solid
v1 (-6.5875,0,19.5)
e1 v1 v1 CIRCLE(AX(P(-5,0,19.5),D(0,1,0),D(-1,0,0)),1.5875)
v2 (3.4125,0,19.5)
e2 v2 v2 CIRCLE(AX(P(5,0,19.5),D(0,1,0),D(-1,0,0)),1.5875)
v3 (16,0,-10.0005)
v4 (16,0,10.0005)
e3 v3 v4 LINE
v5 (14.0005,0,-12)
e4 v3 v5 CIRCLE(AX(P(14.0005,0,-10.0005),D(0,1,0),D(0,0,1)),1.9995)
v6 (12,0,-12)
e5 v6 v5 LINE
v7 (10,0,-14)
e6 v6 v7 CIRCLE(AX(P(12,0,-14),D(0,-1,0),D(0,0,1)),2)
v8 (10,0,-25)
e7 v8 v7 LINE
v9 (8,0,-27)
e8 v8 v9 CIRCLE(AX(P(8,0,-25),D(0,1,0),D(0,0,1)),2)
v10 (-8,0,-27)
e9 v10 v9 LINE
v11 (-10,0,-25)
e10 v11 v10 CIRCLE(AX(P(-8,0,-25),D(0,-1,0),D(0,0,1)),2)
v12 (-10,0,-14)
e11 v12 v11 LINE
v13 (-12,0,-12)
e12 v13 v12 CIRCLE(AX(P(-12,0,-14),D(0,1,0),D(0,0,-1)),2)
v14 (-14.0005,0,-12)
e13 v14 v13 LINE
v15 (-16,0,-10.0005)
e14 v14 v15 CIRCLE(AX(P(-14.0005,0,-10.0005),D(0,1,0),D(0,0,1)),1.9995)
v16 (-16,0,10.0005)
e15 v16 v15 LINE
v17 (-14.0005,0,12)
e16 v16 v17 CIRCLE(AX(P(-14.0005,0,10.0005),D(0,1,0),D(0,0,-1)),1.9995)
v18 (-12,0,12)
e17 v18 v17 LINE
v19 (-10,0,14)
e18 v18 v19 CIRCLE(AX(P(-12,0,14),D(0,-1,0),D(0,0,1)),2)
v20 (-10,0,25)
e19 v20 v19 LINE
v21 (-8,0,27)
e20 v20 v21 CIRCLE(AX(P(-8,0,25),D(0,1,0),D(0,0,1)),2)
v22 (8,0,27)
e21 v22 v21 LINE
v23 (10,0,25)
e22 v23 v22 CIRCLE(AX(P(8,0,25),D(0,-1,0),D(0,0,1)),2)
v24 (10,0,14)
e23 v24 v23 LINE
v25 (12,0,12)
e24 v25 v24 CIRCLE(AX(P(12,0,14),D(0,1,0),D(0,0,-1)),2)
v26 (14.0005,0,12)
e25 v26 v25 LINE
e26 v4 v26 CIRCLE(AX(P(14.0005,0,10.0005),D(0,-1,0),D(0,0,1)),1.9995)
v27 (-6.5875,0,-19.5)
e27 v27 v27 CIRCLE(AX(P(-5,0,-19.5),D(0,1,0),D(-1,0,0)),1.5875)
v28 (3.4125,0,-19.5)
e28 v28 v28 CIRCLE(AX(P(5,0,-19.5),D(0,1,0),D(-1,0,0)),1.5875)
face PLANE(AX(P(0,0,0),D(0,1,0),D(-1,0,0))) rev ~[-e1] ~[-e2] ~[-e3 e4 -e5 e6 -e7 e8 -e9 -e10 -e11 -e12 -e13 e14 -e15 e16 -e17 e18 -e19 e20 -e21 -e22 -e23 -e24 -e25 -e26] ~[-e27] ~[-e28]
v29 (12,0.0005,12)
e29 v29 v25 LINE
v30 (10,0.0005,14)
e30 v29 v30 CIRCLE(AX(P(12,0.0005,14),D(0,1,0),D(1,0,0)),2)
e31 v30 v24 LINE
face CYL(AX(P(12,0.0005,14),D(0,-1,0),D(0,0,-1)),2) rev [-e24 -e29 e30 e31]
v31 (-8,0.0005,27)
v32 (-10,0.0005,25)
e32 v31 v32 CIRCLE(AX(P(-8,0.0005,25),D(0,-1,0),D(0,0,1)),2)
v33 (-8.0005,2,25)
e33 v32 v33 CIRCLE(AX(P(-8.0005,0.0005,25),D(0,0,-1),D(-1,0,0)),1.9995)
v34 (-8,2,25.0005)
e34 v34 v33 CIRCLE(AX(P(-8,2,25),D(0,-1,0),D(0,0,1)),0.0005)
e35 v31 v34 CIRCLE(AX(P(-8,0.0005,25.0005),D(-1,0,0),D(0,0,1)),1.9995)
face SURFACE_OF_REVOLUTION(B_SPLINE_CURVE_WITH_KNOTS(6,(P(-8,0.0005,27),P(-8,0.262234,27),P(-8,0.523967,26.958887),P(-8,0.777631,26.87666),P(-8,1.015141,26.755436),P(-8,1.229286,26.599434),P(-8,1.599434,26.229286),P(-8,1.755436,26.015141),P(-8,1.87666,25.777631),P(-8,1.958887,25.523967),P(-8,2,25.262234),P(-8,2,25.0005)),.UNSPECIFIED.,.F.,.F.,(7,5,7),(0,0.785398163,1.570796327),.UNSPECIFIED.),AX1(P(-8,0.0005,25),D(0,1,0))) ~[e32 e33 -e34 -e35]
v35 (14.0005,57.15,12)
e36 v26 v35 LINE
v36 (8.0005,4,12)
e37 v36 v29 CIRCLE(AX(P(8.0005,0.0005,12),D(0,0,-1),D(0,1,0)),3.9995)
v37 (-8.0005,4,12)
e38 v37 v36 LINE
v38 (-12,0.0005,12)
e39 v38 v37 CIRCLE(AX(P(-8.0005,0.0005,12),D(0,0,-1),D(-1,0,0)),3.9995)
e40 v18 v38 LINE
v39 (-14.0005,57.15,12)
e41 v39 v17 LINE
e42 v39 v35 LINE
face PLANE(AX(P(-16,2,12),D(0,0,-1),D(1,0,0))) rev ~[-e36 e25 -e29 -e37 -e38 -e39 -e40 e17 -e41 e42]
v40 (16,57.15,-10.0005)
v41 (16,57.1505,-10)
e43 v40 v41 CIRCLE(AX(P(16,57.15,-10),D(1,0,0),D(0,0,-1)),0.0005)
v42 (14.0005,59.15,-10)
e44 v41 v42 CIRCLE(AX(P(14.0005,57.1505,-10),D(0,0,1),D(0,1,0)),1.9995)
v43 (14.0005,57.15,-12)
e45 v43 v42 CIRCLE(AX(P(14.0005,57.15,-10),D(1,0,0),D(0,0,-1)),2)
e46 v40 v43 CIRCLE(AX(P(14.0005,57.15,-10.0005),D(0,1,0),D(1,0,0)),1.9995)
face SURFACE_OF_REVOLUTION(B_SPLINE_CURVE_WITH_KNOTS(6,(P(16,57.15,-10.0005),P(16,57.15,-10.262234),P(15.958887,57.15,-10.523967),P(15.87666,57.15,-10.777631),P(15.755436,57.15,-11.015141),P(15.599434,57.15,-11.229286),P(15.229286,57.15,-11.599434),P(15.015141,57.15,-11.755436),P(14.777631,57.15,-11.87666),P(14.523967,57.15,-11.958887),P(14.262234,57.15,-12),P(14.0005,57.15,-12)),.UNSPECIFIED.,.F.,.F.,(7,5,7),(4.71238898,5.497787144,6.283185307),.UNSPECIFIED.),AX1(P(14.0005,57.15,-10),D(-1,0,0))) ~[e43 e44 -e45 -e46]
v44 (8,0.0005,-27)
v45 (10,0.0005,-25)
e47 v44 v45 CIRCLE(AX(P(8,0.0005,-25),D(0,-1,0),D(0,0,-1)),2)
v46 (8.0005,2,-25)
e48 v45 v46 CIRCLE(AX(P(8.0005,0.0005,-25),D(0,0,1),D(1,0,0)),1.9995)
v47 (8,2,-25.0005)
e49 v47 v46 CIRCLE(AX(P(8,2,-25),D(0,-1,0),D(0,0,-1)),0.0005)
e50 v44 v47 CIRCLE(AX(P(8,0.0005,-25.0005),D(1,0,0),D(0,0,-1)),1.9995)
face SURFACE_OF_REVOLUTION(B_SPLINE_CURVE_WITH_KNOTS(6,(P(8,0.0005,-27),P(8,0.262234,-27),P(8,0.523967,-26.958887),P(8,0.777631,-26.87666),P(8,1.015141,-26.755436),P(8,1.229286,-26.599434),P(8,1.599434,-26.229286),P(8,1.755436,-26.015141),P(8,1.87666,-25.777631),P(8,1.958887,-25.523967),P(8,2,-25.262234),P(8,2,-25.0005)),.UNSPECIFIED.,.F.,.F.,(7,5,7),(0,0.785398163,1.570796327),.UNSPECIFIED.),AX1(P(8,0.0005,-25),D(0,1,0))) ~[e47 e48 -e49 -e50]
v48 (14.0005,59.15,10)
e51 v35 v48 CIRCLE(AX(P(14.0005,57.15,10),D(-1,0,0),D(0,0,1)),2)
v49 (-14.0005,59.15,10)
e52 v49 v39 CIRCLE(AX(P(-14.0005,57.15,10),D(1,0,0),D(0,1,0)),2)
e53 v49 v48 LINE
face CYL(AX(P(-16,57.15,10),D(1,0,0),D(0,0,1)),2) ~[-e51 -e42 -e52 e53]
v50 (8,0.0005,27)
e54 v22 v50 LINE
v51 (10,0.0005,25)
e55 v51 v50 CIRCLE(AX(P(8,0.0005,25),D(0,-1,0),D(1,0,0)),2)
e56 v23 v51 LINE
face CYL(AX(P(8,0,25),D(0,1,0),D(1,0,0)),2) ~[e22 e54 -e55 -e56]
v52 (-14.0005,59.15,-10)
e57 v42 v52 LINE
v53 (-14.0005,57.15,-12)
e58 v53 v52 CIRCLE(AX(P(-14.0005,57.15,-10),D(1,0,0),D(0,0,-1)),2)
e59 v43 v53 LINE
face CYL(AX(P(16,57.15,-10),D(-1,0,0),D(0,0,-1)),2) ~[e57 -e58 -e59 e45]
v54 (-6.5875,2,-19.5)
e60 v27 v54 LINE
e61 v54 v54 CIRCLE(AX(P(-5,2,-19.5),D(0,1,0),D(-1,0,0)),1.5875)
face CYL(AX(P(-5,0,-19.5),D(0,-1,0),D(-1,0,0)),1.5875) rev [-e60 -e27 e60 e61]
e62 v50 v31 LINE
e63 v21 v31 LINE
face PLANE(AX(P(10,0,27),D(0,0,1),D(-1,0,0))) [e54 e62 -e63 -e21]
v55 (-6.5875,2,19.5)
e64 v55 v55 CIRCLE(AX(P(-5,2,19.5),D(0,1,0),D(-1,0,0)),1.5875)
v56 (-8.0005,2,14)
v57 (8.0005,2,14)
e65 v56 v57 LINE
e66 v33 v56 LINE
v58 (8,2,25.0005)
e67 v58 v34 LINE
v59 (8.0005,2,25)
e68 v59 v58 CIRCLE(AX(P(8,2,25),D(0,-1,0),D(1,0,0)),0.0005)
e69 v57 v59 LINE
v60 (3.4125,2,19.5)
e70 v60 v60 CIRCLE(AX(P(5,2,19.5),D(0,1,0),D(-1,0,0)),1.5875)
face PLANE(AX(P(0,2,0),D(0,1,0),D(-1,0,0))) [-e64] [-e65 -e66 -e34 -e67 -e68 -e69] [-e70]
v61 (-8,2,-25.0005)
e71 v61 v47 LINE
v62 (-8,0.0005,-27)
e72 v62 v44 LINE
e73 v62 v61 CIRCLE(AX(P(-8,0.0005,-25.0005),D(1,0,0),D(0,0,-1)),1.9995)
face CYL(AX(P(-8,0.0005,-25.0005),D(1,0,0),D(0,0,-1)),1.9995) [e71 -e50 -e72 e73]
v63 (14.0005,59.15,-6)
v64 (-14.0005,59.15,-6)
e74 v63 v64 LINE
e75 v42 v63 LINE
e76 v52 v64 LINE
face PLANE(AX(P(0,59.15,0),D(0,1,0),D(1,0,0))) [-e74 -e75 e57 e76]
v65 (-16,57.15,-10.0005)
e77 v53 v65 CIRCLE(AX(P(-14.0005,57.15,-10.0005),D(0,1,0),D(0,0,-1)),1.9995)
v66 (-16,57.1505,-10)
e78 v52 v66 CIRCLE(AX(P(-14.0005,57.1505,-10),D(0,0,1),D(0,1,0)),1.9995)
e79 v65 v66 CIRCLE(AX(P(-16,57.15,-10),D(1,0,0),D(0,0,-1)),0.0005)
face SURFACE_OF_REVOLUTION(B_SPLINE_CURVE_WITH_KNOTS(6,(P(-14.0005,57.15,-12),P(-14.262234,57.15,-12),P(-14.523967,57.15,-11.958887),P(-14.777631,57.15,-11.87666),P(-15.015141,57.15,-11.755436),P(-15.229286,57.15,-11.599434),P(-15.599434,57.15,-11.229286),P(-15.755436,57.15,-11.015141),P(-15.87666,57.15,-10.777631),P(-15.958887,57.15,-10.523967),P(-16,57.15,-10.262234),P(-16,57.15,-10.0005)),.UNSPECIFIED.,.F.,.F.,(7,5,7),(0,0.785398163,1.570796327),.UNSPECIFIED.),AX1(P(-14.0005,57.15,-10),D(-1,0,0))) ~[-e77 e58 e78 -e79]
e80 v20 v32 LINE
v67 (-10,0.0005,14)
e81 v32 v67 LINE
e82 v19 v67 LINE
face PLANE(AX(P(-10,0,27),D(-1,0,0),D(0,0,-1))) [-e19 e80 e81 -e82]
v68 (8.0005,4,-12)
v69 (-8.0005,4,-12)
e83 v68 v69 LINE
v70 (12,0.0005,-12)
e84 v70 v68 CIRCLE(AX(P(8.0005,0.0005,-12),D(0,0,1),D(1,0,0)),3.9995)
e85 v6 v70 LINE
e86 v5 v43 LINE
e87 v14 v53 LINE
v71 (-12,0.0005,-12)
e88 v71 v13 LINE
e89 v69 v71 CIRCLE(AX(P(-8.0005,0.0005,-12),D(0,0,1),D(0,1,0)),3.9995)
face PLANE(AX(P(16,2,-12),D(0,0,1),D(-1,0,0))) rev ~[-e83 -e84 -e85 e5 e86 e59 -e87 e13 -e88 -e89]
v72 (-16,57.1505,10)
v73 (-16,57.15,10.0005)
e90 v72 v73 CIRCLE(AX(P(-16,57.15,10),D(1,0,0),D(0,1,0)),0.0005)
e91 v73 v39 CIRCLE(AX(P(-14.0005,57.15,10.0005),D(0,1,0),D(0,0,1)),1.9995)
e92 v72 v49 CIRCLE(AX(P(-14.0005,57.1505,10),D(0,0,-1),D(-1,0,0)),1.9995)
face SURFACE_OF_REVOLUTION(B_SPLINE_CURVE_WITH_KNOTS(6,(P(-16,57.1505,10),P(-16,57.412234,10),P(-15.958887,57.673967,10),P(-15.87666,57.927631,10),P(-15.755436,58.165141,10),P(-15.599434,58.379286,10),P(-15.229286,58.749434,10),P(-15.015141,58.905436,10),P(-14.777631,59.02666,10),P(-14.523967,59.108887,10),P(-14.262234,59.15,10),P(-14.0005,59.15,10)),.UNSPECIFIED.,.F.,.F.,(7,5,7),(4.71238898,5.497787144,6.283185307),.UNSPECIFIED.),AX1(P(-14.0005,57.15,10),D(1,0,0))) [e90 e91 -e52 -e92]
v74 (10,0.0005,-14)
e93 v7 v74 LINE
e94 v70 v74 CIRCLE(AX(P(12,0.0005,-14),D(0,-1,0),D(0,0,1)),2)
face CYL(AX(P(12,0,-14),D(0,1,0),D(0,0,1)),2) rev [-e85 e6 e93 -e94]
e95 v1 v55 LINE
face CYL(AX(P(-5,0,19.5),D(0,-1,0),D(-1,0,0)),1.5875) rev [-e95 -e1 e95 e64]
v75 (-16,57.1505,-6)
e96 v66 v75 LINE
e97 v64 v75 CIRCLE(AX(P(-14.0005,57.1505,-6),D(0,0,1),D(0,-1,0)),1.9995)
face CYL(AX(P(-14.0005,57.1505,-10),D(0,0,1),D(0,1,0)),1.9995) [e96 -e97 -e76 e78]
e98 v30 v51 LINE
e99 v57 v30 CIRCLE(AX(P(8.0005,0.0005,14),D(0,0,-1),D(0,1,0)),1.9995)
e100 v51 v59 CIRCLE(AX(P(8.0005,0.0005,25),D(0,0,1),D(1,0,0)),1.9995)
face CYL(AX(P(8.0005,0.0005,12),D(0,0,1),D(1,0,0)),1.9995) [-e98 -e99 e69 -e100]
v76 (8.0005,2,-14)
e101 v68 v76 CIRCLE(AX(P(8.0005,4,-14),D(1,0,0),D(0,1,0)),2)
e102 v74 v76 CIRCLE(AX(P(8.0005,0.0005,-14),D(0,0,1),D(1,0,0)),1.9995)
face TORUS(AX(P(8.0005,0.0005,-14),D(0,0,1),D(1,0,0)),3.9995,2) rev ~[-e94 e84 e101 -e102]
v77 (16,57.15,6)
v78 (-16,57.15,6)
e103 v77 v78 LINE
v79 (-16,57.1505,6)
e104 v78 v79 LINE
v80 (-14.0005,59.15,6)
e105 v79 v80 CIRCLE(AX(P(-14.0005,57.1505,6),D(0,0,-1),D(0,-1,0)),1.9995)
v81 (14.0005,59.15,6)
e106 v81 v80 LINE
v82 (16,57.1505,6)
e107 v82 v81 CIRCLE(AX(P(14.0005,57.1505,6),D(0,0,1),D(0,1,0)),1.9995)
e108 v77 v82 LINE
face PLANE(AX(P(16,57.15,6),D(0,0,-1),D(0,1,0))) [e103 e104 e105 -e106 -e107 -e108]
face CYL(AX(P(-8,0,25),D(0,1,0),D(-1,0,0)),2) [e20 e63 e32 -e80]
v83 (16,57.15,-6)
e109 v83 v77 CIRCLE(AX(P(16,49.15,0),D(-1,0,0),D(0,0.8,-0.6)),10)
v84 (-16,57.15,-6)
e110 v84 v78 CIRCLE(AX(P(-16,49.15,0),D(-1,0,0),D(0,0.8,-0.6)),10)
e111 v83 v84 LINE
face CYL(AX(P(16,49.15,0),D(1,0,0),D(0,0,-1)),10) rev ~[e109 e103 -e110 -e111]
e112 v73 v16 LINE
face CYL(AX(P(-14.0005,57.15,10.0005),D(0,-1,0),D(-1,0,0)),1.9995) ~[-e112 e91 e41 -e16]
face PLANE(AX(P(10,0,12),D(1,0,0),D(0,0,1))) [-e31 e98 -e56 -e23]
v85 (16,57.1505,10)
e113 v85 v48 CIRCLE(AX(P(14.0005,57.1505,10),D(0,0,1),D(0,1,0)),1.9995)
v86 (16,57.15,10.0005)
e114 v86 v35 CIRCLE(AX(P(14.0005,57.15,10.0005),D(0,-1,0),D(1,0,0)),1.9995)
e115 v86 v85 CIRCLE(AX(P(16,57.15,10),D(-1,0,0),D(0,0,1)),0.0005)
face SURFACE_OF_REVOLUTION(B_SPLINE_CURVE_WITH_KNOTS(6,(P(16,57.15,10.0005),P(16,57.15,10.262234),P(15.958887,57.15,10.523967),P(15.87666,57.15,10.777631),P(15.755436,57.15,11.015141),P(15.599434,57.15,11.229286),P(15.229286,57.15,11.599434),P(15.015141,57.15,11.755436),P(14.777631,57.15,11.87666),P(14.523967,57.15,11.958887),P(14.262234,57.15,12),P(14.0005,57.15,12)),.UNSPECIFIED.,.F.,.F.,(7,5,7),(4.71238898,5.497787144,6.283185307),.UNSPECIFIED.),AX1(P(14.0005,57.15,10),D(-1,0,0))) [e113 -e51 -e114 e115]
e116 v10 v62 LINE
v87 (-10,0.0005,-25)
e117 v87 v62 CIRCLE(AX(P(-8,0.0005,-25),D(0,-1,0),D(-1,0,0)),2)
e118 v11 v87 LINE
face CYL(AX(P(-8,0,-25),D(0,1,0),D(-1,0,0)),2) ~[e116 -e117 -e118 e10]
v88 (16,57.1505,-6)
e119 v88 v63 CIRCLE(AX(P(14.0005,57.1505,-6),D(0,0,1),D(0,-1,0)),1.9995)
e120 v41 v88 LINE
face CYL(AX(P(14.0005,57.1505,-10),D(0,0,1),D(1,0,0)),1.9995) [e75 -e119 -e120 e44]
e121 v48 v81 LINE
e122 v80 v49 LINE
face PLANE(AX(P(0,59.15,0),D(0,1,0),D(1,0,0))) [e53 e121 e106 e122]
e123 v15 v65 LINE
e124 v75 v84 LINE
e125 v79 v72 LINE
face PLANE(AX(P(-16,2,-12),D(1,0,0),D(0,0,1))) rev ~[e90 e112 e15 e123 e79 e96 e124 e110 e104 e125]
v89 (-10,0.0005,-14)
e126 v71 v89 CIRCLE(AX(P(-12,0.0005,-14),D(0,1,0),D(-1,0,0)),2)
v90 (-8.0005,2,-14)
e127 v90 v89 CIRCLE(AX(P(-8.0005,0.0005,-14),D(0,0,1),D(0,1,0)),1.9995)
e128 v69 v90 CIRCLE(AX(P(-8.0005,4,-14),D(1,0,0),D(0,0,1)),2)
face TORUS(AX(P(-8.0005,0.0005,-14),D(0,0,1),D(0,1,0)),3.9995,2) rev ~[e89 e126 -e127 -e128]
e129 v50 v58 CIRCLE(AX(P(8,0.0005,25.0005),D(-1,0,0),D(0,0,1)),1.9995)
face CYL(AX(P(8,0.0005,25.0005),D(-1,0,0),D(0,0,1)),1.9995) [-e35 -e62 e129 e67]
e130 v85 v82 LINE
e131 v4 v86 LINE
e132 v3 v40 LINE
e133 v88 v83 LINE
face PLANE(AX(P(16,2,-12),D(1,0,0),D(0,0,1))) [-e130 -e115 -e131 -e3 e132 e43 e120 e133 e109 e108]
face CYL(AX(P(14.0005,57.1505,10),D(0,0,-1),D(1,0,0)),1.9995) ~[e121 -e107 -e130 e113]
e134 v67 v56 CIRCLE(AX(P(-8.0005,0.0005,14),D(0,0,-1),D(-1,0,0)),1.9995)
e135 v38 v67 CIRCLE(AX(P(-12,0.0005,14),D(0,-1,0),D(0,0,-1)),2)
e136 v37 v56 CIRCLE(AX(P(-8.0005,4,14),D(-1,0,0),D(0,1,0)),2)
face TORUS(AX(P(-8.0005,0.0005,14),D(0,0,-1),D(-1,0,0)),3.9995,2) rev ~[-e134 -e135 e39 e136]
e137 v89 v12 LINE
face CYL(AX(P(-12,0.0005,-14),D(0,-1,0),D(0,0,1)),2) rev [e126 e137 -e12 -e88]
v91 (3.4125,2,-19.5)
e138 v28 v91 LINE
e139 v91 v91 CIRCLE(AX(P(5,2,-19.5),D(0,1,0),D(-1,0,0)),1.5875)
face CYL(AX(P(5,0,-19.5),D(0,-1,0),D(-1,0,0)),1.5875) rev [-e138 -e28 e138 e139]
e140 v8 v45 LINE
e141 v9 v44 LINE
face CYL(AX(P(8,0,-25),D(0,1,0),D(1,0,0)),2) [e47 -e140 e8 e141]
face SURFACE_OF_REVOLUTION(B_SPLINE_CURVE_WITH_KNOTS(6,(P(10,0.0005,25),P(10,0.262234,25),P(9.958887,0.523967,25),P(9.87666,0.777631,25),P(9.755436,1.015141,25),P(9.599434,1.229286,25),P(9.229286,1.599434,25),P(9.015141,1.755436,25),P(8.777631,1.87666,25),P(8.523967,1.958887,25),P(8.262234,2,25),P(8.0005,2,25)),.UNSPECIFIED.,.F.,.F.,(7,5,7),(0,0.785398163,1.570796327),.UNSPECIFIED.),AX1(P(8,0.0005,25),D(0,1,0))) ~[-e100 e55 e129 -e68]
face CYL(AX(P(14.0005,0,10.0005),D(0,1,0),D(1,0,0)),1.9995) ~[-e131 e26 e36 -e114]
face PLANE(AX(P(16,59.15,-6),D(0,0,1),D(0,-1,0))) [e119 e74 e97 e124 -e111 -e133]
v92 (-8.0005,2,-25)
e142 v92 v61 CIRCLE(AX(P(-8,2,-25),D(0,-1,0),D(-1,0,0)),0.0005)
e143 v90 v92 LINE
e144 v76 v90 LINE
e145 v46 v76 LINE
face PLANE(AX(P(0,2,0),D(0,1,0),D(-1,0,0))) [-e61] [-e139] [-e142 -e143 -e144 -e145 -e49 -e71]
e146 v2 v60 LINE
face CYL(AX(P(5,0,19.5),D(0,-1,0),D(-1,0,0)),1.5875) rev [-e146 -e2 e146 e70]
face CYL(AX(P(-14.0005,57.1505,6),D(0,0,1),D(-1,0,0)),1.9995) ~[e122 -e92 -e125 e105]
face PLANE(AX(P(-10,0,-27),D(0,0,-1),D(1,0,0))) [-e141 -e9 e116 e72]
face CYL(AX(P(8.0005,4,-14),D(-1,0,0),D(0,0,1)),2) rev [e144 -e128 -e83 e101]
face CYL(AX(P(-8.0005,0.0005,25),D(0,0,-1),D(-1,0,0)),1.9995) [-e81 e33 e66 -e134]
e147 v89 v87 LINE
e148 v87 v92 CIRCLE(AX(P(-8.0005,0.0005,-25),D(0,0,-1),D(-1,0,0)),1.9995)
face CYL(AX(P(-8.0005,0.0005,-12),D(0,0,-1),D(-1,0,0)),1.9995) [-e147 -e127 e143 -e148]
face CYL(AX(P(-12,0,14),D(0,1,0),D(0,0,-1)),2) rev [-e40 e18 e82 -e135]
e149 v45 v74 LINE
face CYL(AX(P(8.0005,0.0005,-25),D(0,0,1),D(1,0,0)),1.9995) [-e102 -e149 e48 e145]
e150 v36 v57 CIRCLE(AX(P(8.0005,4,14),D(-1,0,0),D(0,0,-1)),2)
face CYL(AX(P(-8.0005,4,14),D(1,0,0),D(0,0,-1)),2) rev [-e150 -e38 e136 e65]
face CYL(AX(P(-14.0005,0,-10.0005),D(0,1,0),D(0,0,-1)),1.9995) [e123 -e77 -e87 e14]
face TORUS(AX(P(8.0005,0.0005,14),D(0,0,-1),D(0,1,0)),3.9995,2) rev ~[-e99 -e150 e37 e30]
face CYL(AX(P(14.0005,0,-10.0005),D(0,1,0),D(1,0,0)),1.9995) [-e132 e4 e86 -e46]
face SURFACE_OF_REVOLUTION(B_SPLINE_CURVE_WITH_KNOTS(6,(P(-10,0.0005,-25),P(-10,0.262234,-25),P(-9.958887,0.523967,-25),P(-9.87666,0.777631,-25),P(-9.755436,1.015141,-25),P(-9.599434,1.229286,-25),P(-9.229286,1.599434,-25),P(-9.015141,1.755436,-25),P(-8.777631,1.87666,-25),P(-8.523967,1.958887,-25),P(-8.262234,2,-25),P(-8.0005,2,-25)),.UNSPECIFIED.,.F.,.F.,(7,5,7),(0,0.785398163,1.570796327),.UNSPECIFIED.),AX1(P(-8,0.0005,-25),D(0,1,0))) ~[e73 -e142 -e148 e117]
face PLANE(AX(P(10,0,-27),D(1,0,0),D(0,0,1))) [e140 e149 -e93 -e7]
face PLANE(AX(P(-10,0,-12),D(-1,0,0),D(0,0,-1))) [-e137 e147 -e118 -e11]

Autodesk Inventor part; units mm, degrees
ref_plane "YZ Plane" through (0, 0, 0) normal (1, 0, 0) x (0, 1, 0)
ref_plane "XZ Plane" through (0, 0, 0) normal (0, 1, 0) x (-1, 0, 0)
ref_plane "XY Plane" through (0, 0, 0) normal (0, 0, 1) x (1, 0, 0)
sketch "Sketch1" plane through (0, 0, 0) normal (0, 1, 0) x (-1, 0, 0)
  line L0 (16, -12) -> (-16, -12)
  line L1 (-16, -12) -> (-16, 12)
  line L2 (-16, 12) -> (16, 12)
  line L3 (16, 12) -> (16, -12)
  line L4 (16, -12) -> (-16, 12) construction
  line L5 (-16, -12) -> (16, 12) construction
  line L6 (-10, 27) -> (10, 27)
  line L7 (10, 27) -> (10, -27)
  line L8 (10, -27) -> (-10, -27)
  line L9 (-10, -27) -> (-10, 27)
  line L10 (-10, 27) -> (10, -27) construction
  line L11 (10, 27) -> (-10, -27) construction
  circle A0 centre (5, 19.5) radius 1.5875
  circle A1 centre (5, -19.5) radius 1.5875
  circle A2 centre (-5, 19.5) radius 1.5875
  circle A3 centre (-5, -19.5) radius 1.5875
  point P0 (0, 0)
  dimension "d0" = 32
  dimension "d1" = 24
  dimension "d2" = 20
  dimension "d3" = 54
  dimension "d4" = 3.175
  dimension "d5" = 7.5
  dimension "d7" = 5
  dimension "d10" = 39
  dimension "d13" = 10
extrude "Extrusion1" add sketch "Sketch1" along normal blind 2
sketch "Sketch2" plane through (0, 2, 0) normal (0, 1, 0) x (1, 0, 0)
  line L0 (16, 12) -> (16, -12) projected
  line L1 (-16, -12) -> (16, -12)
  line L2 (16, -12) -> (16, 12)
  line L3 (16, 12) -> (-16, 12)
  line L4 (-16, 12) -> (-16, -12)
  line L5 (-16, -12) -> (16, 12) construction
  line L6 (16, -12) -> (-16, 12) construction
  point P0 (0, 0)
extrude "Extrusion2" add sketch "Sketch2" along normal blind 57.15
sketch "Sketch3" plane through (16, 0, 12) normal (1, 0, 0) x (0, 0, -1)
  line L0 (0, 59.15) -> (24, 59.15) projected
  line L1 (24, 0) -> (0, 0) projected
  line L2 (24, 0) -> (24, 59.15) projected
  line L3 (0, 59.15) -> (24, 59.15) projected
  line L4 (0, 0) -> (0, 59.15) projected
  circle A0 centre (12, 49.15) radius 10
  point P0 (12, 0)
  dimension "d20" = 20
  dimension "d21" = 10
extrude "Extrusion3" cut sketch "Sketch3" against normal through all contours A0
sketch "Sketch4" plane through (16, 0, 12) normal (1, 0, 0) x (0, 0, -1)
  circle A0 centre (12, 49.15) radius 10 projected
  line L0 (0, 59.15) -> (12, 59.15) projected
  line L1 (12, 59.15) -> (24, 59.15) projected
  line L2 (12, 59.15) -> (0, 59.15) projected
  line L3 (6, 59.15) -> (18, 59.15)
  line L4 (18, 59.15) -> (18, 57.15)
  line L5 (18, 57.15) -> (6, 57.15)
  line L6 (6, 57.15) -> (6, 59.15)
  point P0 (12, 0)
extrude "Extrusion4" cut sketch "Sketch4" against normal through all contours L5 A0 | A0 L1 L4 | L6 L0 A0 picked at (10.6135, 57.5146)
fillet "Fillet1" radius 2 1 edges at (0, 59.15, 12)
fillet "Fillet2" radius 2 1 edges at (0, 59.15, -12)
fillet "Fillet3" radius 2 3 edges at (16, 58.5642, 11.4142) (16, 59.15, 8) (16, 28.575, 12)
fillet "Fillet4" radius 2 3 edges at (16, 58.5642, -11.4142) (16, 59.15, -8) (16, 28.575, -12)
fillet "Fillet5" radius 2 1 edges at (10, 1, 27)
fillet "Fillet6" radius 2 1 edges at (10, 1, -27)
fillet "Fillet7" radius 2 1 edges at (-10, 1, 27)
fillet "Fillet8" radius 2 1 edges at (-10, 1, -27)
fillet "Fillet9" radius 2 3 edges at (-16, 28.575, -12) (-16, 58.5642, -11.4142) (-16, 59.15, -8)
fillet "Fillet10" radius 2 3 edges at (-16, 28.575, 12) (-16, 58.5642, 11.4142) (-16, 59.15, 8)
fillet "Fillet11" radius 2 5 edges at (10, 2, 18.5) (9.4142, 2, 26.4142) (0, 2, 27) (-9.4142, 2, 26.4142) (-10, 2, 18.5)
fillet "Fillet12" radius 2 3 edges at (0, 2, 12) (-9.4144, 1.4144, 12) (9.4144, 1.4144, 12)
fillet "Fillet13" radius 2 5 edges at (0, 2, -27) (-9.4142, 2, -26.4142) (-10, 2, -18.5) (9.4142, 2, -26.4142) (10, 2, -18.5)
fillet "Fillet14" radius 2 3 edges at (0, 2, -12) (9.4144, 1.4144, -12) (-9.4144, 1.4144, -12)
